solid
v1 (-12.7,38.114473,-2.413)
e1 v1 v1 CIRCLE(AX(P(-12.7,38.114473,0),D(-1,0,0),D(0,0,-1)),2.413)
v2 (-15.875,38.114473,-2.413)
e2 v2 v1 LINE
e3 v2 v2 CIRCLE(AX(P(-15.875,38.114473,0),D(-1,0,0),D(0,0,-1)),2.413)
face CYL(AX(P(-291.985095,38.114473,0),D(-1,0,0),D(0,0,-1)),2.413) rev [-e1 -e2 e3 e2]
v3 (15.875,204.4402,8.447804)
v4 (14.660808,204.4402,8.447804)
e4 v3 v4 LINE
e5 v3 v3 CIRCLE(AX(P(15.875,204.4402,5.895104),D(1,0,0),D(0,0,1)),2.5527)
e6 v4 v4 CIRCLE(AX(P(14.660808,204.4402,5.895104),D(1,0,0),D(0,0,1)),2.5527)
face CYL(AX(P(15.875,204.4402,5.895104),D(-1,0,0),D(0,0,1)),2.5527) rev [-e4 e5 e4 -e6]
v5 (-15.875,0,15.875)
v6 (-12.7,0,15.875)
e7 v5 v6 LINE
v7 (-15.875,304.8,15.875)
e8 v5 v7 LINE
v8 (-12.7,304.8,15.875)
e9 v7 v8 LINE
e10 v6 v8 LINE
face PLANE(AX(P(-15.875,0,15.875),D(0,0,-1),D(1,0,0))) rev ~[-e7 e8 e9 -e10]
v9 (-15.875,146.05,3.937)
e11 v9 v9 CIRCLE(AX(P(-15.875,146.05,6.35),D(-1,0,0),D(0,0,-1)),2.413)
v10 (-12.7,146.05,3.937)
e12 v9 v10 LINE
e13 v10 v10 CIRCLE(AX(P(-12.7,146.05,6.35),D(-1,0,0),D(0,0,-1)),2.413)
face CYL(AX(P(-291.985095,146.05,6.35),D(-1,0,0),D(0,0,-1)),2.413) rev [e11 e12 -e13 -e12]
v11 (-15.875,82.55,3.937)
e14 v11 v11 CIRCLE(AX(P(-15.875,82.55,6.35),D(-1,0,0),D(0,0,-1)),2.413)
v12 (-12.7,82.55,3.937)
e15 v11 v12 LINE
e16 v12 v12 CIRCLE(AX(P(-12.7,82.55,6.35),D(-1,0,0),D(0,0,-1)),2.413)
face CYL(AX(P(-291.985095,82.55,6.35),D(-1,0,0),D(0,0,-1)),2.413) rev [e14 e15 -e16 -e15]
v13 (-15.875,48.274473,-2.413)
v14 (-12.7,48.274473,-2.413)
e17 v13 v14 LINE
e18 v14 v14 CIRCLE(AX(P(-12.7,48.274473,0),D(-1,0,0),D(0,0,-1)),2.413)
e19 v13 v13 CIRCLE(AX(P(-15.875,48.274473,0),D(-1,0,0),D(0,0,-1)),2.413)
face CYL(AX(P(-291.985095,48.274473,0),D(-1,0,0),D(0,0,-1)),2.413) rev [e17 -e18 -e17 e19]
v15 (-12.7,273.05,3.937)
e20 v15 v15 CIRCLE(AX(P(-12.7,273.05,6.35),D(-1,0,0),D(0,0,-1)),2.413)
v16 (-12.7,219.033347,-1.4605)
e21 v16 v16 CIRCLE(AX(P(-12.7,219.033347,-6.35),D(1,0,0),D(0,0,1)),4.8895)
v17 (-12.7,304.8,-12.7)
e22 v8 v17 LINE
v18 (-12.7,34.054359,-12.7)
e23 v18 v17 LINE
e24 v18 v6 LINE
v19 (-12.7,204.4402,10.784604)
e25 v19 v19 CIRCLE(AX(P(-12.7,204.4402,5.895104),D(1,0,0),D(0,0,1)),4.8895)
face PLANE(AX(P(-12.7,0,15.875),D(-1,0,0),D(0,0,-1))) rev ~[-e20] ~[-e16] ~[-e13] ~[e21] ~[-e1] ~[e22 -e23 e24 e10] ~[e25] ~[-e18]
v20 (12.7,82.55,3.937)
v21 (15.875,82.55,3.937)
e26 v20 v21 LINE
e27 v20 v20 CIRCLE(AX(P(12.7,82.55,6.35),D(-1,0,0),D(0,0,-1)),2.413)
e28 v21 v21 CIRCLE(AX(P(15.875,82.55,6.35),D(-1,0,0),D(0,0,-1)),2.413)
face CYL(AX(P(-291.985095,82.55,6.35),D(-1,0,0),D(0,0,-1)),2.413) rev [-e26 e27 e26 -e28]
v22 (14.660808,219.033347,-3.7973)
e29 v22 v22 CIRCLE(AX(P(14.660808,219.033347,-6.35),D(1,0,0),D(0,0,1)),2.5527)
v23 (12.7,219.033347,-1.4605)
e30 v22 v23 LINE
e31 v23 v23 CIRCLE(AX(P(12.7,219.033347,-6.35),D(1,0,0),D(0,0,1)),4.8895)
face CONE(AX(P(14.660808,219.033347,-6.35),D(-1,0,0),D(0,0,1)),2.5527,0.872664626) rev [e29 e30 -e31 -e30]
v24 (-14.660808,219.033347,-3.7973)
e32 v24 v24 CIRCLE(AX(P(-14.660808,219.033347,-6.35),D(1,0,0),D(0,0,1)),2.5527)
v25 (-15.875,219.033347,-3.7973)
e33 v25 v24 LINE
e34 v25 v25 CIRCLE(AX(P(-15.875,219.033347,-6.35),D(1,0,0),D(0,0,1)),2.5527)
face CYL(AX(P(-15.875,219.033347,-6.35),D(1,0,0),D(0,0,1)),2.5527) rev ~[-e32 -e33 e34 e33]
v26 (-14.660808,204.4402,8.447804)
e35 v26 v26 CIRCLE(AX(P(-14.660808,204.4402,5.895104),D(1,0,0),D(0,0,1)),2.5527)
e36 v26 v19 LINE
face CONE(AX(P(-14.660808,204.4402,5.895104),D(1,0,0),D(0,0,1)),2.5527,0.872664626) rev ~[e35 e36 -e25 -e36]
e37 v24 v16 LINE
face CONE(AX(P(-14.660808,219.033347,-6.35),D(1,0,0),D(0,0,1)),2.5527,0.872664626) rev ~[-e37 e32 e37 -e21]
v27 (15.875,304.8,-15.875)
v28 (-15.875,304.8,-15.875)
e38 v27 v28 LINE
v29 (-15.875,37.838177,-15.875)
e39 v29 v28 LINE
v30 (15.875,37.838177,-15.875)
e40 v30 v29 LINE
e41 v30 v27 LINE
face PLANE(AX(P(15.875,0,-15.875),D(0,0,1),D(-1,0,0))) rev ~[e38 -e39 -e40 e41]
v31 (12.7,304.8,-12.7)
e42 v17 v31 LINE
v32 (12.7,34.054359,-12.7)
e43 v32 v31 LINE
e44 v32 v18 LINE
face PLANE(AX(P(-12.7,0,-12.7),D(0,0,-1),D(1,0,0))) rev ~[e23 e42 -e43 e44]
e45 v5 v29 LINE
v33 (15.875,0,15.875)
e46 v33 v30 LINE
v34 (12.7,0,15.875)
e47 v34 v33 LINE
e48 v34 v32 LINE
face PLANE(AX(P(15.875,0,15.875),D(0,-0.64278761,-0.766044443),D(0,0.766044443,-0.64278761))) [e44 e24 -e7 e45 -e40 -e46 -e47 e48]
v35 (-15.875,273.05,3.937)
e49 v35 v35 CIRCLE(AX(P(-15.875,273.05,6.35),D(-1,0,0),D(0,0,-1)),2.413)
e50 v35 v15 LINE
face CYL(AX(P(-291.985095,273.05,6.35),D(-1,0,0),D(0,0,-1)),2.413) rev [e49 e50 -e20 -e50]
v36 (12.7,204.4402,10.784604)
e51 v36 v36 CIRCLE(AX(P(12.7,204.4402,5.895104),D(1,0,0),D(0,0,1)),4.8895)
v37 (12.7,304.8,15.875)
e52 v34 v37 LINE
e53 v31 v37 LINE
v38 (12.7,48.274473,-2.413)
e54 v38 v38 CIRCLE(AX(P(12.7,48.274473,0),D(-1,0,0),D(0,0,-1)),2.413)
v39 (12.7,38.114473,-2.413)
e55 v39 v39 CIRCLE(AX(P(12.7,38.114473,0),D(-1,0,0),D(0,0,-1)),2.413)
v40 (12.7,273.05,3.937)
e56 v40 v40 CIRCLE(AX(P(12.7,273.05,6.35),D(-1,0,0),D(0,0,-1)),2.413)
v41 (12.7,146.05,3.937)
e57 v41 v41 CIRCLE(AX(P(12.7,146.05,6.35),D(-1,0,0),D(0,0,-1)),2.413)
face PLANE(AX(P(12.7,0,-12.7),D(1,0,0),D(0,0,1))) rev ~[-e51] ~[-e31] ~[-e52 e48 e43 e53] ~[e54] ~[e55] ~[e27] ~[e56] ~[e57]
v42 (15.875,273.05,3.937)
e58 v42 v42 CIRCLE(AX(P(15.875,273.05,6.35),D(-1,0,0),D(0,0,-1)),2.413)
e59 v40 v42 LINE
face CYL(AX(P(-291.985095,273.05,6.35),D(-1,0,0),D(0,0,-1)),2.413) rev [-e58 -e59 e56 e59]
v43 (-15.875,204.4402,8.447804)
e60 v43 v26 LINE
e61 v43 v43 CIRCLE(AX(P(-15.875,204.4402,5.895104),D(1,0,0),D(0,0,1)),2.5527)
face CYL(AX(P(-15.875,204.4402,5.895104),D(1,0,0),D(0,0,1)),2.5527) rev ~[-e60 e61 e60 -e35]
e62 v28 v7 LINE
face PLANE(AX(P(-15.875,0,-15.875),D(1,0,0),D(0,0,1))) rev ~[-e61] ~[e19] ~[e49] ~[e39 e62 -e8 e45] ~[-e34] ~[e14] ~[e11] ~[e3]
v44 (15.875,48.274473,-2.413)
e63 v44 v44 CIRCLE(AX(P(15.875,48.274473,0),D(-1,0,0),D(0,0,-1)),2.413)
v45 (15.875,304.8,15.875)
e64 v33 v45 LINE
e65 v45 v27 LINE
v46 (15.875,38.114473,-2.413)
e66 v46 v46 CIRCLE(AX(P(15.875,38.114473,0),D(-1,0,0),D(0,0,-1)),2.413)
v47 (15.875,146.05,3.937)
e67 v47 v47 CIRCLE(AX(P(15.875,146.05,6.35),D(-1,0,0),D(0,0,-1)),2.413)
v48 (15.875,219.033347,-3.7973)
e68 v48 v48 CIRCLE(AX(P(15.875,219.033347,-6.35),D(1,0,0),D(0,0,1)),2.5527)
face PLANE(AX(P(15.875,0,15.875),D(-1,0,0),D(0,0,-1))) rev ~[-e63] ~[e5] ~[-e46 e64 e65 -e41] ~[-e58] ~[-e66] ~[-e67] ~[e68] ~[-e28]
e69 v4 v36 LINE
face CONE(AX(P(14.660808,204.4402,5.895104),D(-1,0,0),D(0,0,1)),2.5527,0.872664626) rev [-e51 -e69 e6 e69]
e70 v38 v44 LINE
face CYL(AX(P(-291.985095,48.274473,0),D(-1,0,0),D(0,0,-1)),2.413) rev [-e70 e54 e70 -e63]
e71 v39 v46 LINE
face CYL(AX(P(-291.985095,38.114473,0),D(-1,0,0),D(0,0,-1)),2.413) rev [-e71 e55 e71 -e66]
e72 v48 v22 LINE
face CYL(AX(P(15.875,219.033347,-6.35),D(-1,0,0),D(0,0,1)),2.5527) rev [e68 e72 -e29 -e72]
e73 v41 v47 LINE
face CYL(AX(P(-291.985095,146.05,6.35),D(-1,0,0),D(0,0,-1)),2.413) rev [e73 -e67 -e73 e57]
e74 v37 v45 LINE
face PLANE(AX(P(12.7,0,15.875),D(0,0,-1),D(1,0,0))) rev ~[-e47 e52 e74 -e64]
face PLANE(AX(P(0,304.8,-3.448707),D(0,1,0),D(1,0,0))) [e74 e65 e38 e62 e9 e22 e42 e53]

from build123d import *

# Parameters (mm, degrees)
BOSS_EXTRUDE1_DEPTH                        = 304.8
CUT_EXTRUDE1_DEPTH                         = 307.860095361
CUT_EXTRUDE2_DEPTH                         = 307.860095361
CUT_EXTRUDE2_DEPTH_BACK                    = 307.860095361
SKETCH3_R                                  = 2.413
CUT_EXTRUDE3_DEPTH                         = 307.860095361
CUT_EXTRUDE3_DEPTH_BACK                    = 307.860095361
SKETCH4_R                                  = 2.413
CSK_FOR_10_FLAT_HEAD_MACHINE_SCREW_2_COUNT = 2
CSK_FOR_10_FLAT_HEAD_MACHINE_SCREW_2_PITCH = 19.05


with BuildPart() as part:
    # Sketch1 → Boss-Extrude1 (new body)
    with BuildSketch(Plane(origin=(0, 0, 0), x_dir=(1, 0, 0), z_dir=(0, 1, 0))):
        Polygon((-15.875, -15.875), (-12.7, -15.875), (-12.7, 12.7), (12.7, 12.7), (12.7, -15.875), (15.875, -15.875), (15.875, 15.875), (-15.875, 15.875), align=None)
    extrude(amount=BOSS_EXTRUDE1_DEPTH)

    # Sketch2 → Cut-Extrude1 (cut, through all)
    with BuildSketch(Plane(origin=(15.875, 0, 0), x_dir=(0, 0, -1), z_dir=(1, 0, 0))):
        Polygon((-15.875, 0), (15.875, 37.838176565), (15.875, 0), align=None)
    extrude(amount=-CUT_EXTRUDE1_DEPTH, mode=Mode.SUBTRACT)

    # Sketch3 → Cut-Extrude2 (cut, two sides: drawn at the far end of the back side and taken through both)
    with BuildSketch(Plane(origin=(15.875, 0, 0), x_dir=(0, 0, -1), z_dir=(1, 0, 0)).offset(-CUT_EXTRUDE2_DEPTH_BACK)):
        with Locations((-6.35, 273.05)):
            Circle(SKETCH3_R)
        with Locations((-6.35, 82.55)):
            Circle(SKETCH3_R)
        with Locations((-6.35, 146.05)):
            Circle(SKETCH3_R)
    extrude(amount=CUT_EXTRUDE2_DEPTH + CUT_EXTRUDE2_DEPTH_BACK, mode=Mode.SUBTRACT)

    # Sketch4 → Cut-Extrude3 (cut, two sides: drawn at the far end of the back side and taken through both)
    with BuildSketch(Plane(origin=(15.875, 0, 0), x_dir=(0, 0, -1), z_dir=(1, 0, 0)).offset(-CUT_EXTRUDE3_DEPTH_BACK)):
        with Locations((0, 48.274473485)):
            Circle(SKETCH4_R)
        with Locations((0, 38.114473485)):
            Circle(SKETCH4_R)
    extrude(amount=CUT_EXTRUDE3_DEPTH + CUT_EXTRUDE3_DEPTH_BACK, mode=Mode.SUBTRACT)

    # Sketch11 → CSK for #10 Flat Head Machine Screw (100)1 (revolve, cut)
    with BuildSketch(Plane(origin=(12.7, 219.033346522, -6.35), x_dir=(0, 0, 1), z_dir=(0, 1, 0))):
        Polygon((0, 0), (0, 3.175), (2.5527, 3.175), (2.5527, 1.960808018), (4.8895, 0), align=None)
    csk_for_10_flat_head_machine_screw_100 = revolve(axis=Axis((6.35, 219.033346522, -6.35), (1, 0, 0)), mode=Mode.SUBTRACT)

    # CSK for _10 Flat Head Machine Screw  2: CSK for #10 Flat Head Machine Screw (100)1 ×2
    with Locations(*[Vector(0, -0.766044443118978, 0.6427876096865395) * (i * CSK_FOR_10_FLAT_HEAD_MACHINE_SCREW_2_PITCH) for i in range(1, CSK_FOR_10_FLAT_HEAD_MACHINE_SCREW_2_COUNT)]):
        add(csk_for_10_flat_head_machine_screw_100, mode=Mode.SUBTRACT)

    # Mirror4: CSK for #10 Flat Head Machine Screw (100)1 across plane
    add(csk_for_10_flat_head_machine_screw_100.mirror(Plane(origin=(0, 0, 0), x_dir=(0, 0, 1), z_dir=(1, 0, 0))), mode=Mode.SUBTRACT)

    # Mirror4 copy 1 sketch → Mirror4 copy 1 (revolve, cut)
    with BuildSketch(Plane(origin=(-12.7, 204.440199881, 5.895103965), x_dir=(0, 0, 1), z_dir=(0, 1, 0))):
        Polygon((0, 0), (0, -3.175), (2.5527, -3.175), (2.5527, -1.960808018), (4.8895, 0), align=None)
    revolve(axis=Axis((-6.35, 204.440199881, 5.895103965), (1, 0, 0)), mode=Mode.SUBTRACT)


solid = part.part
